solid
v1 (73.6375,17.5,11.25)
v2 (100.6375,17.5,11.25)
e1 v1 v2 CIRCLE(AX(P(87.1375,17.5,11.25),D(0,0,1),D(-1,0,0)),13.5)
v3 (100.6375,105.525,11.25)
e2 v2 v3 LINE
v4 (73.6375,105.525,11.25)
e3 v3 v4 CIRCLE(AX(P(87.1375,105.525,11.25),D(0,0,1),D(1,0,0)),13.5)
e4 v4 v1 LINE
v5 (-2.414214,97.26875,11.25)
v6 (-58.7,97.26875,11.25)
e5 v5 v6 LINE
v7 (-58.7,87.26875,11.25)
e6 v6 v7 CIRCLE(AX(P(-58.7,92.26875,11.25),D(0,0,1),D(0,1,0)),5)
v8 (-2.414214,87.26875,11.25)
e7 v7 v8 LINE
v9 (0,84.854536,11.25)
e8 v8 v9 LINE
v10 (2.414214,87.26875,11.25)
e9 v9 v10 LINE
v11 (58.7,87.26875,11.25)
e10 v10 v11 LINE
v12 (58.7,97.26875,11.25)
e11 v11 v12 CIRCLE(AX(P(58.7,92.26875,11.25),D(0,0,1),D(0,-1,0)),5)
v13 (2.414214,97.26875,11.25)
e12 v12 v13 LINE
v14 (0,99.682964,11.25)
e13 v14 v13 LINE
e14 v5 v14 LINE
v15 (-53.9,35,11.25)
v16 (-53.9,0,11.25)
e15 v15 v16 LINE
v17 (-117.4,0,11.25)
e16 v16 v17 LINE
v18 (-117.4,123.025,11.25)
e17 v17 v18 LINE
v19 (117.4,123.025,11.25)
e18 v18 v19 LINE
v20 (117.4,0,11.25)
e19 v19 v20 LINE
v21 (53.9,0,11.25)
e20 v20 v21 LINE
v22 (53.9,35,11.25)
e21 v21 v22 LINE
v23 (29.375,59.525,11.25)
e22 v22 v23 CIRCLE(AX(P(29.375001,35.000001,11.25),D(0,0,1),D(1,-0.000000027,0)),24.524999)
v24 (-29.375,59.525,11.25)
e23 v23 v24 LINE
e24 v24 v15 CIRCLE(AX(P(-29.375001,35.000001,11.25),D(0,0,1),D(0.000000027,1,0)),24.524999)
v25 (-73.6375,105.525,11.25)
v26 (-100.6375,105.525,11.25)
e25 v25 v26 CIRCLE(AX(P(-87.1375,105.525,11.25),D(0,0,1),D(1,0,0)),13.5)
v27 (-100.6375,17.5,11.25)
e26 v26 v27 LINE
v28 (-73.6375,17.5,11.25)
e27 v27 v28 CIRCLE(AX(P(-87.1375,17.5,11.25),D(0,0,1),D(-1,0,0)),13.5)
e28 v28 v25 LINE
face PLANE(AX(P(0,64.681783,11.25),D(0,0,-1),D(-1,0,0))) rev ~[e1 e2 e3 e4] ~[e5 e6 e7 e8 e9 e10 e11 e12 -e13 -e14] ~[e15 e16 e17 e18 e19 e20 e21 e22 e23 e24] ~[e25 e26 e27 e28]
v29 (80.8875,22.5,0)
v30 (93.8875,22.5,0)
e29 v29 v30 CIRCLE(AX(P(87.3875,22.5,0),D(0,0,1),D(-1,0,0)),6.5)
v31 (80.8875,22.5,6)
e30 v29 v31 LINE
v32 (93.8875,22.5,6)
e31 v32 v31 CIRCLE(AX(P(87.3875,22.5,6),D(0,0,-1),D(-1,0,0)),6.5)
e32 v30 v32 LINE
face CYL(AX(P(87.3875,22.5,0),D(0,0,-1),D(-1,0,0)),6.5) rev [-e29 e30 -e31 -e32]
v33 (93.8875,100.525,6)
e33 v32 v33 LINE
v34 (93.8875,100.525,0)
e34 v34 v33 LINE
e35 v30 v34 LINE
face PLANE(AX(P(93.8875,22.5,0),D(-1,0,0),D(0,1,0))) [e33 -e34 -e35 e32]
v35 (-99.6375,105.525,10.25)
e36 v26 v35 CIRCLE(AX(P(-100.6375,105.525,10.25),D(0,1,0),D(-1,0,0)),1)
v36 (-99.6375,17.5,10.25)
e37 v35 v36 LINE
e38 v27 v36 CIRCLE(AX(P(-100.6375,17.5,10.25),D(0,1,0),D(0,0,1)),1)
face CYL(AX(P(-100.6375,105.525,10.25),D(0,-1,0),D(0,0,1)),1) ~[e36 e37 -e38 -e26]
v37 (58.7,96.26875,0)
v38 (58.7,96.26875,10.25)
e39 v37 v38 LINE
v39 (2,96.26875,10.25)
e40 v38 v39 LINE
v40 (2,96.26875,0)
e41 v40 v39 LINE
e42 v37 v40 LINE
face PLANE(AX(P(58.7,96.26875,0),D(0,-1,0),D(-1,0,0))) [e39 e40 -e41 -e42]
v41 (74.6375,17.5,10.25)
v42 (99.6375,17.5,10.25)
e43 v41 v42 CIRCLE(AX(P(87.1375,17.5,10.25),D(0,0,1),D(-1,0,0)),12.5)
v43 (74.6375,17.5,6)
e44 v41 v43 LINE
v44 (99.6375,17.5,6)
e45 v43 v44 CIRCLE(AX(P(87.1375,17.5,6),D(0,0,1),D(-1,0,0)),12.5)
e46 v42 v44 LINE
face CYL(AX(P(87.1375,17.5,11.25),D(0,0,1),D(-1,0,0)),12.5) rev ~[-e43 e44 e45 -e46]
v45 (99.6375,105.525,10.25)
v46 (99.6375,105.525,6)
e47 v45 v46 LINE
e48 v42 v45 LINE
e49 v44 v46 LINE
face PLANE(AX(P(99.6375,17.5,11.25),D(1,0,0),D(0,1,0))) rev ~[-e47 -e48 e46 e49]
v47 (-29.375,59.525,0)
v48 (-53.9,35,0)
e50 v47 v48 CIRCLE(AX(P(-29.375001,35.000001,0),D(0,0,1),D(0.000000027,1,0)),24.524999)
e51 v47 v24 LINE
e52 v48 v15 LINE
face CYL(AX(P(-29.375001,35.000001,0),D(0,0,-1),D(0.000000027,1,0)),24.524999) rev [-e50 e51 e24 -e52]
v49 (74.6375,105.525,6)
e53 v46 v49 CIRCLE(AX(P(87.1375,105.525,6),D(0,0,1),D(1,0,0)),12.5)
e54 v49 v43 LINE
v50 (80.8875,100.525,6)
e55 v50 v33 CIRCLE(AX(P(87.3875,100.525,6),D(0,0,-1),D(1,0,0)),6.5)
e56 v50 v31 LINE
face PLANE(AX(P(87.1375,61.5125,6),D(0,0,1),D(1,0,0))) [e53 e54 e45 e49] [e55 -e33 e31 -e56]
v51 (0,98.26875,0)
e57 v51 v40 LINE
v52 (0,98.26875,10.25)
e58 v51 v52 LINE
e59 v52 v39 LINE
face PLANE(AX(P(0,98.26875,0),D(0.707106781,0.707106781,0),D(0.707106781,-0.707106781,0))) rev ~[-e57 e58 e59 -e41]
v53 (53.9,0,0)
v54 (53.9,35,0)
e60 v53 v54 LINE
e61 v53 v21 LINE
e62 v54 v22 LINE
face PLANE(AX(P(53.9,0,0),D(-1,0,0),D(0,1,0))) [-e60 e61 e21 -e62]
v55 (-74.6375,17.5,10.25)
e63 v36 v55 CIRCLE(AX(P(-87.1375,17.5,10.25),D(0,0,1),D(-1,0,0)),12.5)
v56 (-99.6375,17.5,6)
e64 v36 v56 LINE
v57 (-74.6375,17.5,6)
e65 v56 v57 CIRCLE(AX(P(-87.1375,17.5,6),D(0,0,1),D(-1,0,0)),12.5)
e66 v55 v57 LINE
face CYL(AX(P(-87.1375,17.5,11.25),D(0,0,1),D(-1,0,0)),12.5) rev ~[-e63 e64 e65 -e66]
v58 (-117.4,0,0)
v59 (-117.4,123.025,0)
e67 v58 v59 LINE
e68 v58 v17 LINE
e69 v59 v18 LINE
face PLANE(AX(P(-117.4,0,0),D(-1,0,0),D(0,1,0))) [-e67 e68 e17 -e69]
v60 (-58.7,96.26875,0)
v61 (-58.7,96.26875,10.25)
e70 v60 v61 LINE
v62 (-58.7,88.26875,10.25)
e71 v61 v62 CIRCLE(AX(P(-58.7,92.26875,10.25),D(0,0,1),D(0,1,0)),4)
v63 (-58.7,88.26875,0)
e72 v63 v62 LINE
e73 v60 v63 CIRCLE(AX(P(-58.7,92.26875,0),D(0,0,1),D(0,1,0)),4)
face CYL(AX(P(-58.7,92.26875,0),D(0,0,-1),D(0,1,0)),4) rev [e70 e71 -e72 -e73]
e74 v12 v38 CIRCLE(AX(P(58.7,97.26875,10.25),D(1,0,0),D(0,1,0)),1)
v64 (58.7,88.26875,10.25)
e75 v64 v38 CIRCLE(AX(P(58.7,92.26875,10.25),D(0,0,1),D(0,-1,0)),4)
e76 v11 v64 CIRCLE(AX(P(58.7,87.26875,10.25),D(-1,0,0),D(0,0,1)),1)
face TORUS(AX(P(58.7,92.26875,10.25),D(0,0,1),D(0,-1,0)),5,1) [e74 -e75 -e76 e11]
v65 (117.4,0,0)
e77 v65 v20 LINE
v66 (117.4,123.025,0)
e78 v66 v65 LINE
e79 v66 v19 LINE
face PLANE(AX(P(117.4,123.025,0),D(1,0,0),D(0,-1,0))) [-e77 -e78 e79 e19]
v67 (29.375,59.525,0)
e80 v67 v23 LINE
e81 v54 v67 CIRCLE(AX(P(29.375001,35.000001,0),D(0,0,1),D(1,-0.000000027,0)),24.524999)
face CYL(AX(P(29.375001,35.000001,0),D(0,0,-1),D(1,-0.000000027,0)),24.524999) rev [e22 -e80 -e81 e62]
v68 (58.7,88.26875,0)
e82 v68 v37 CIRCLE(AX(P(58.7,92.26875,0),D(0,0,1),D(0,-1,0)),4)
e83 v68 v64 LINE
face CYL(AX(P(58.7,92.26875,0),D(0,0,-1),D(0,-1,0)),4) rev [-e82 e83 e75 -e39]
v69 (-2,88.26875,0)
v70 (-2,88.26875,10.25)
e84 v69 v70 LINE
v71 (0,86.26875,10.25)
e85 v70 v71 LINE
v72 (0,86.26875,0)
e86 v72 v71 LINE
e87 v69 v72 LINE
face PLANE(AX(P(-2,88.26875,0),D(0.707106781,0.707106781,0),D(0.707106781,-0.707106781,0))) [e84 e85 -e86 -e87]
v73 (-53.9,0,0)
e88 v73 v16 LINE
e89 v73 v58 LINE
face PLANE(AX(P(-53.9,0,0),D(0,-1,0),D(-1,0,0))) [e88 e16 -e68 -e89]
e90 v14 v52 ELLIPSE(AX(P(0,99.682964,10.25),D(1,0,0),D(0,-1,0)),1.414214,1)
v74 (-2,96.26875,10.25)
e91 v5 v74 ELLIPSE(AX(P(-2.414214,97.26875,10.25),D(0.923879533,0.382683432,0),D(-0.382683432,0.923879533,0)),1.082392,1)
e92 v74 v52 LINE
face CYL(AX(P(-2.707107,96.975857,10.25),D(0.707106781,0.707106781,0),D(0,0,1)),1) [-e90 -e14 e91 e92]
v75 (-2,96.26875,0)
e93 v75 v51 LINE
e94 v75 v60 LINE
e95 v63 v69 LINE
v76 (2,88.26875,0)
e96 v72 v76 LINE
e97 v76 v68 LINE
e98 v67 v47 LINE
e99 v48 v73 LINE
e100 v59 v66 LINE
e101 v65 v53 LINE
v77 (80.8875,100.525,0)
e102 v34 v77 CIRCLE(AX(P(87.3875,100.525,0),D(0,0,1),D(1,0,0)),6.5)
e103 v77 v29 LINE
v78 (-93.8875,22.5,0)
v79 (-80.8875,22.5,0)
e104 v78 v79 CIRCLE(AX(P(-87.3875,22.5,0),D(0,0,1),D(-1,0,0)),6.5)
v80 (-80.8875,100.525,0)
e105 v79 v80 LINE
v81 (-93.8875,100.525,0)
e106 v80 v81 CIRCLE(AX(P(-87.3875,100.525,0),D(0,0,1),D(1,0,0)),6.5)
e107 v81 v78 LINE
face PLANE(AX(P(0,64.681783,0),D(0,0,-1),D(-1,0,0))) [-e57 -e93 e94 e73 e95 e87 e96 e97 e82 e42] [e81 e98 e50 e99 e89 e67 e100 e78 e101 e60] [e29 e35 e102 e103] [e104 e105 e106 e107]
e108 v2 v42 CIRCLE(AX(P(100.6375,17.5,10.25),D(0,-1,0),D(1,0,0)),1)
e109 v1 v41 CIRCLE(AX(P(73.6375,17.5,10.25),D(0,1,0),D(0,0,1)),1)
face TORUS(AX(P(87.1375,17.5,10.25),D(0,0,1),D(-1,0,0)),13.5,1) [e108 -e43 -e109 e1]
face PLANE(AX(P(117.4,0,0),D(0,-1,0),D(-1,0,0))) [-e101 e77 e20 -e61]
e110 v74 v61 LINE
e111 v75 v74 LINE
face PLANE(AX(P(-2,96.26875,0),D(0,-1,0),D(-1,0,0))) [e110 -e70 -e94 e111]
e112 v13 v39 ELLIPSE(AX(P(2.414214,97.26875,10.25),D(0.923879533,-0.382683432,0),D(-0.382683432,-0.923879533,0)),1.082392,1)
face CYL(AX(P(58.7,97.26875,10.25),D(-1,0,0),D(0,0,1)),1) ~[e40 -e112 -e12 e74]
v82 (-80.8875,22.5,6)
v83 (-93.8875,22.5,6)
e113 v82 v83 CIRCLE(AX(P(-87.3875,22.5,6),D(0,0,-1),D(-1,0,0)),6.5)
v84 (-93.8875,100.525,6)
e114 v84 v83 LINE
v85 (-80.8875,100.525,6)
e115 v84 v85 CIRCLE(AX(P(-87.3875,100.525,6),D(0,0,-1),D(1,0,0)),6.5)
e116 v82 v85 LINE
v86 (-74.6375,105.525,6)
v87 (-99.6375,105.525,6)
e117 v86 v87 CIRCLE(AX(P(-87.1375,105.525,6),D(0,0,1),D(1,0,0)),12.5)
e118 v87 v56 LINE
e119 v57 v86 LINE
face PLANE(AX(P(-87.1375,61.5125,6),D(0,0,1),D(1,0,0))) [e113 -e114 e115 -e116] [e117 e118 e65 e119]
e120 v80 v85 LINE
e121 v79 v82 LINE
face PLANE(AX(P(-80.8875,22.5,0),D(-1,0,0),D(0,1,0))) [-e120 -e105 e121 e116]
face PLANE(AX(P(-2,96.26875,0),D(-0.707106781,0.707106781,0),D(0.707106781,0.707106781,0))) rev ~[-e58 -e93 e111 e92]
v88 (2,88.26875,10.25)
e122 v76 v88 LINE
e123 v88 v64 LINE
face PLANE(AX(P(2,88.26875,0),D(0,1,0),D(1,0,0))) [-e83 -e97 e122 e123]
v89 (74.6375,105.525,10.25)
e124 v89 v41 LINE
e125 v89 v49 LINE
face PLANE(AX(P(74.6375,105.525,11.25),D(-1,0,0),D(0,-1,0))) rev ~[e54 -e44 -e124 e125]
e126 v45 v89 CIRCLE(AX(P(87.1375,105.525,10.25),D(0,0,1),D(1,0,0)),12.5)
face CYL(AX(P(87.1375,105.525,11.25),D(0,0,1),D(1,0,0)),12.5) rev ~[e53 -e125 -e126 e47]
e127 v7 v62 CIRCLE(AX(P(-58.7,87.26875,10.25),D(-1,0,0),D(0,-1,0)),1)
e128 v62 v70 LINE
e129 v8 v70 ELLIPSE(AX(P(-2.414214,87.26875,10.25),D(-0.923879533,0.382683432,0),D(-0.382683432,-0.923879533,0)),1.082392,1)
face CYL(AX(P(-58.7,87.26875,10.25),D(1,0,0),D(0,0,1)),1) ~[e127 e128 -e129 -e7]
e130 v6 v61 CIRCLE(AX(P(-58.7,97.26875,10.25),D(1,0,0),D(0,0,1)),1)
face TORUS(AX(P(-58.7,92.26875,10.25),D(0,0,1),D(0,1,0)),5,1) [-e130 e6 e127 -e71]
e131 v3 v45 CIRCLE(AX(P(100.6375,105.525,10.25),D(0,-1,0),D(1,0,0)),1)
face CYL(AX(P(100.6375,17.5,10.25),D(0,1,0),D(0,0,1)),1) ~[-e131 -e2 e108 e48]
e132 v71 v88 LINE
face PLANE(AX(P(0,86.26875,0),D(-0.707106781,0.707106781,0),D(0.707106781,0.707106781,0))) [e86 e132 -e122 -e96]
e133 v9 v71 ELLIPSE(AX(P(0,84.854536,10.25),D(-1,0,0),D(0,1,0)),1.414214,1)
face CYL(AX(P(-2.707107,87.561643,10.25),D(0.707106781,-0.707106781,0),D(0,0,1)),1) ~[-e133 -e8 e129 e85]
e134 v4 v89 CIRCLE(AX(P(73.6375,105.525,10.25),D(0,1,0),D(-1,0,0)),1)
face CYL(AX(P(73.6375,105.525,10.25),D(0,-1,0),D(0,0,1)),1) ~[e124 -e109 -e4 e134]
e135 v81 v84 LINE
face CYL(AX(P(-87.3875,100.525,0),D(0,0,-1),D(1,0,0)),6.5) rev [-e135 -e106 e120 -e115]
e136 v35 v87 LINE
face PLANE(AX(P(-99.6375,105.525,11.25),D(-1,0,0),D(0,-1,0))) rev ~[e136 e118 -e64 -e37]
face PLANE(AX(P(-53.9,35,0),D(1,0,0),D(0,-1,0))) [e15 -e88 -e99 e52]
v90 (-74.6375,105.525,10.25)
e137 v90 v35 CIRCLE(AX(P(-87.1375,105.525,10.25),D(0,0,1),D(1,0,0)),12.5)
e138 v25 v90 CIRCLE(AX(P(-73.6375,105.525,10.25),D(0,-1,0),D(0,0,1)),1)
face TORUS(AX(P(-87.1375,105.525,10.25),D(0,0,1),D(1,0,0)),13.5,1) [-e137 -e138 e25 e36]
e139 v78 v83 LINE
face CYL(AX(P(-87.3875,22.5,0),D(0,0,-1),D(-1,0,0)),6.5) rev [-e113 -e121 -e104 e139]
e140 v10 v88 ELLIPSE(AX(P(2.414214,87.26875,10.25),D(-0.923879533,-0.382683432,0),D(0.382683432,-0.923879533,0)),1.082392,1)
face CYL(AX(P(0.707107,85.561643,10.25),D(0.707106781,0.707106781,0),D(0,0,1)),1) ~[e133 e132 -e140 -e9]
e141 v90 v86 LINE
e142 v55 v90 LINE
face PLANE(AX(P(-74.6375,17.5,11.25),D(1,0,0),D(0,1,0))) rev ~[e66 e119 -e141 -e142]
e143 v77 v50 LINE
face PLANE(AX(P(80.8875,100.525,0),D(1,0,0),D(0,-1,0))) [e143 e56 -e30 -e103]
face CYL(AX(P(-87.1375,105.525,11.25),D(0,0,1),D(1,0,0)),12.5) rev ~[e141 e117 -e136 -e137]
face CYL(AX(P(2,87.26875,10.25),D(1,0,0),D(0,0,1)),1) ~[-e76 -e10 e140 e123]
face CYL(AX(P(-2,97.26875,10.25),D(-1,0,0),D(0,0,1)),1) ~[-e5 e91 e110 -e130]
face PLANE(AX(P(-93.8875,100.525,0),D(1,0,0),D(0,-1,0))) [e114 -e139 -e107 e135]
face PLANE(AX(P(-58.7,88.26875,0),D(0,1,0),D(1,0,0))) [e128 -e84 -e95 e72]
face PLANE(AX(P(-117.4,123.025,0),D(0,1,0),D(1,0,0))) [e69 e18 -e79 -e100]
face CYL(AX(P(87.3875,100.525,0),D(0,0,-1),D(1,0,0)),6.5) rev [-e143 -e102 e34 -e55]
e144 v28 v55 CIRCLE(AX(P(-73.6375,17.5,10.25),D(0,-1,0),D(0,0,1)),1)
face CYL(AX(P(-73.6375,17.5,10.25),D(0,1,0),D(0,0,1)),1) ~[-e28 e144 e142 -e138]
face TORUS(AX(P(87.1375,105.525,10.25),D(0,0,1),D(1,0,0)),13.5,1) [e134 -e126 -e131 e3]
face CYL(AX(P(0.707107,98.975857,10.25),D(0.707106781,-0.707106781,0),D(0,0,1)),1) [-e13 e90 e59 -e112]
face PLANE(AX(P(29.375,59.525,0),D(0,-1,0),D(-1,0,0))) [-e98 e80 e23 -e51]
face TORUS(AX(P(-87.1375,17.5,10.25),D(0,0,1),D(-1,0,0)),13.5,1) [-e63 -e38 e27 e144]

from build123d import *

# Parameters (mm, degrees)
PAD_DEPTH    = 11.25
POCKET_DEPTH = 5.25
FILLET_R     = 1


with BuildPart() as part:
    # Sketch → Pad (new body)
    with BuildSketch(Plane.XY):
        with BuildLine():
            Line((117.4, 123.025), (117.4, 0))
            Line((117.4, 0), (53.9, 0))
            Line((53.9, 0), (53.9, 35))
            ThreePointArc((53.9, 35), (46.716794, 52.341794), (29.375, 59.525))
            Line((29.375, 59.525), (-29.375, 59.525))
            ThreePointArc((-29.375, 59.525), (-46.716794, 52.341794), (-53.9, 35))
            Line((-53.9, 35), (-53.9, 0))
            Line((-53.9, 0), (-117.4, 0))
            Line((-117.4, 0), (-117.4, 123.025))
            Line((-117.4, 123.025), (117.4, 123.025))
        make_face()
        with BuildLine():
            ThreePointArc((-80.8875, 100.525), (-87.3875, 107.025), (-93.8875, 100.525))
            Line((-93.8875, 100.525), (-93.8875, 22.5))
            ThreePointArc((-93.8875, 22.5), (-87.3875, 16), (-80.8875, 22.5))
            Line((-80.8875, 22.5), (-80.8875, 100.525))
        make_face(mode=Mode.SUBTRACT)
        with BuildLine():
            ThreePointArc((93.8875, 100.525), (87.3875, 107.025), (80.8875, 100.525))
            Line((80.8875, 100.525), (80.8875, 22.5))
            ThreePointArc((80.8875, 22.5), (87.3875, 16), (93.8875, 22.5))
            Line((93.8875, 22.5), (93.8875, 100.525))
        make_face(mode=Mode.SUBTRACT)
        with BuildLine():
            ThreePointArc((-58.7, 96.26875), (-62.7, 92.26875), (-58.7, 88.26875))
            Line((-58.7, 88.26875), (-2, 88.26875))
            Line((-2, 88.26875), (0, 86.26875))
            Line((0, 86.26875), (2, 88.26875))
            Line((2, 88.26875), (58.7, 88.26875))
            ThreePointArc((58.7, 88.26875), (62.7, 92.26875), (58.7, 96.26875))
            Line((58.7, 96.26875), (2, 96.26875))
            Line((0, 98.26875), (2, 96.26875))
            Line((-2, 96.26875), (0, 98.26875))
            Line((-2, 96.26875), (-58.7, 96.26875))
        make_face(mode=Mode.SUBTRACT)
    extrude(amount=PAD_DEPTH)

    # Sketch001 (on Face30 of Pad) → Pocket (cut)
    with BuildSketch(Plane.XY.offset(11.25)):
        with BuildLine():
            ThreePointArc((-74.6375, 105.525), (-87.1375, 118.025), (-99.6375, 105.525))
            Line((-99.6375, 105.525), (-99.6375, 17.5))
            ThreePointArc((-99.6375, 17.5), (-87.1375, 5), (-74.6375, 17.5))
            Line((-74.6375, 17.5), (-74.6375, 105.525))
        make_face()
        with BuildLine():
            ThreePointArc((99.6375, 105.525), (87.1375, 118.025), (74.6375, 105.525))
            Line((74.6375, 105.525), (74.6375, 17.5))
            ThreePointArc((74.6375, 17.5), (87.1375, 5), (99.6375, 17.5))
            Line((99.6375, 17.5), (99.6375, 105.525))
        make_face()
    extrude(amount=-POCKET_DEPTH, mode=Mode.SUBTRACT)

    # Fillet
    fillet_edges = [part.edges().sort_by_distance(p)[0] for p in [
        (30.35, 96.26875, 11.25),
        (62.7, 92.26875, 11.25),
        (30.35, 88.26875, 11.25),
        (1, 87.26875, 11.25),
        (-1, 87.26875, 11.25),
        (1, 97.26875, 11.25),
        (-1, 97.26875, 11.25),
        (-30.35, 96.26875, 11.25),
        (-30.35, 88.26875, 11.25),
        (-62.7, 92.26875, 11.25),
        (-74.6375, 61.5125, 11.25),
        (-87.1375, 118.025, 11.25),
        (-99.6375, 61.5125, 11.25),
        (87.1375, 118.025, 11.25),
        (74.6375, 61.5125, 11.25),
        (99.6375, 61.5125, 11.25),
        (87.1375, 5, 11.25),
        (-87.1375, 5, 11.25),
    ]]
    fillet(fillet_edges, radius=FILLET_R)


solid = part.part
